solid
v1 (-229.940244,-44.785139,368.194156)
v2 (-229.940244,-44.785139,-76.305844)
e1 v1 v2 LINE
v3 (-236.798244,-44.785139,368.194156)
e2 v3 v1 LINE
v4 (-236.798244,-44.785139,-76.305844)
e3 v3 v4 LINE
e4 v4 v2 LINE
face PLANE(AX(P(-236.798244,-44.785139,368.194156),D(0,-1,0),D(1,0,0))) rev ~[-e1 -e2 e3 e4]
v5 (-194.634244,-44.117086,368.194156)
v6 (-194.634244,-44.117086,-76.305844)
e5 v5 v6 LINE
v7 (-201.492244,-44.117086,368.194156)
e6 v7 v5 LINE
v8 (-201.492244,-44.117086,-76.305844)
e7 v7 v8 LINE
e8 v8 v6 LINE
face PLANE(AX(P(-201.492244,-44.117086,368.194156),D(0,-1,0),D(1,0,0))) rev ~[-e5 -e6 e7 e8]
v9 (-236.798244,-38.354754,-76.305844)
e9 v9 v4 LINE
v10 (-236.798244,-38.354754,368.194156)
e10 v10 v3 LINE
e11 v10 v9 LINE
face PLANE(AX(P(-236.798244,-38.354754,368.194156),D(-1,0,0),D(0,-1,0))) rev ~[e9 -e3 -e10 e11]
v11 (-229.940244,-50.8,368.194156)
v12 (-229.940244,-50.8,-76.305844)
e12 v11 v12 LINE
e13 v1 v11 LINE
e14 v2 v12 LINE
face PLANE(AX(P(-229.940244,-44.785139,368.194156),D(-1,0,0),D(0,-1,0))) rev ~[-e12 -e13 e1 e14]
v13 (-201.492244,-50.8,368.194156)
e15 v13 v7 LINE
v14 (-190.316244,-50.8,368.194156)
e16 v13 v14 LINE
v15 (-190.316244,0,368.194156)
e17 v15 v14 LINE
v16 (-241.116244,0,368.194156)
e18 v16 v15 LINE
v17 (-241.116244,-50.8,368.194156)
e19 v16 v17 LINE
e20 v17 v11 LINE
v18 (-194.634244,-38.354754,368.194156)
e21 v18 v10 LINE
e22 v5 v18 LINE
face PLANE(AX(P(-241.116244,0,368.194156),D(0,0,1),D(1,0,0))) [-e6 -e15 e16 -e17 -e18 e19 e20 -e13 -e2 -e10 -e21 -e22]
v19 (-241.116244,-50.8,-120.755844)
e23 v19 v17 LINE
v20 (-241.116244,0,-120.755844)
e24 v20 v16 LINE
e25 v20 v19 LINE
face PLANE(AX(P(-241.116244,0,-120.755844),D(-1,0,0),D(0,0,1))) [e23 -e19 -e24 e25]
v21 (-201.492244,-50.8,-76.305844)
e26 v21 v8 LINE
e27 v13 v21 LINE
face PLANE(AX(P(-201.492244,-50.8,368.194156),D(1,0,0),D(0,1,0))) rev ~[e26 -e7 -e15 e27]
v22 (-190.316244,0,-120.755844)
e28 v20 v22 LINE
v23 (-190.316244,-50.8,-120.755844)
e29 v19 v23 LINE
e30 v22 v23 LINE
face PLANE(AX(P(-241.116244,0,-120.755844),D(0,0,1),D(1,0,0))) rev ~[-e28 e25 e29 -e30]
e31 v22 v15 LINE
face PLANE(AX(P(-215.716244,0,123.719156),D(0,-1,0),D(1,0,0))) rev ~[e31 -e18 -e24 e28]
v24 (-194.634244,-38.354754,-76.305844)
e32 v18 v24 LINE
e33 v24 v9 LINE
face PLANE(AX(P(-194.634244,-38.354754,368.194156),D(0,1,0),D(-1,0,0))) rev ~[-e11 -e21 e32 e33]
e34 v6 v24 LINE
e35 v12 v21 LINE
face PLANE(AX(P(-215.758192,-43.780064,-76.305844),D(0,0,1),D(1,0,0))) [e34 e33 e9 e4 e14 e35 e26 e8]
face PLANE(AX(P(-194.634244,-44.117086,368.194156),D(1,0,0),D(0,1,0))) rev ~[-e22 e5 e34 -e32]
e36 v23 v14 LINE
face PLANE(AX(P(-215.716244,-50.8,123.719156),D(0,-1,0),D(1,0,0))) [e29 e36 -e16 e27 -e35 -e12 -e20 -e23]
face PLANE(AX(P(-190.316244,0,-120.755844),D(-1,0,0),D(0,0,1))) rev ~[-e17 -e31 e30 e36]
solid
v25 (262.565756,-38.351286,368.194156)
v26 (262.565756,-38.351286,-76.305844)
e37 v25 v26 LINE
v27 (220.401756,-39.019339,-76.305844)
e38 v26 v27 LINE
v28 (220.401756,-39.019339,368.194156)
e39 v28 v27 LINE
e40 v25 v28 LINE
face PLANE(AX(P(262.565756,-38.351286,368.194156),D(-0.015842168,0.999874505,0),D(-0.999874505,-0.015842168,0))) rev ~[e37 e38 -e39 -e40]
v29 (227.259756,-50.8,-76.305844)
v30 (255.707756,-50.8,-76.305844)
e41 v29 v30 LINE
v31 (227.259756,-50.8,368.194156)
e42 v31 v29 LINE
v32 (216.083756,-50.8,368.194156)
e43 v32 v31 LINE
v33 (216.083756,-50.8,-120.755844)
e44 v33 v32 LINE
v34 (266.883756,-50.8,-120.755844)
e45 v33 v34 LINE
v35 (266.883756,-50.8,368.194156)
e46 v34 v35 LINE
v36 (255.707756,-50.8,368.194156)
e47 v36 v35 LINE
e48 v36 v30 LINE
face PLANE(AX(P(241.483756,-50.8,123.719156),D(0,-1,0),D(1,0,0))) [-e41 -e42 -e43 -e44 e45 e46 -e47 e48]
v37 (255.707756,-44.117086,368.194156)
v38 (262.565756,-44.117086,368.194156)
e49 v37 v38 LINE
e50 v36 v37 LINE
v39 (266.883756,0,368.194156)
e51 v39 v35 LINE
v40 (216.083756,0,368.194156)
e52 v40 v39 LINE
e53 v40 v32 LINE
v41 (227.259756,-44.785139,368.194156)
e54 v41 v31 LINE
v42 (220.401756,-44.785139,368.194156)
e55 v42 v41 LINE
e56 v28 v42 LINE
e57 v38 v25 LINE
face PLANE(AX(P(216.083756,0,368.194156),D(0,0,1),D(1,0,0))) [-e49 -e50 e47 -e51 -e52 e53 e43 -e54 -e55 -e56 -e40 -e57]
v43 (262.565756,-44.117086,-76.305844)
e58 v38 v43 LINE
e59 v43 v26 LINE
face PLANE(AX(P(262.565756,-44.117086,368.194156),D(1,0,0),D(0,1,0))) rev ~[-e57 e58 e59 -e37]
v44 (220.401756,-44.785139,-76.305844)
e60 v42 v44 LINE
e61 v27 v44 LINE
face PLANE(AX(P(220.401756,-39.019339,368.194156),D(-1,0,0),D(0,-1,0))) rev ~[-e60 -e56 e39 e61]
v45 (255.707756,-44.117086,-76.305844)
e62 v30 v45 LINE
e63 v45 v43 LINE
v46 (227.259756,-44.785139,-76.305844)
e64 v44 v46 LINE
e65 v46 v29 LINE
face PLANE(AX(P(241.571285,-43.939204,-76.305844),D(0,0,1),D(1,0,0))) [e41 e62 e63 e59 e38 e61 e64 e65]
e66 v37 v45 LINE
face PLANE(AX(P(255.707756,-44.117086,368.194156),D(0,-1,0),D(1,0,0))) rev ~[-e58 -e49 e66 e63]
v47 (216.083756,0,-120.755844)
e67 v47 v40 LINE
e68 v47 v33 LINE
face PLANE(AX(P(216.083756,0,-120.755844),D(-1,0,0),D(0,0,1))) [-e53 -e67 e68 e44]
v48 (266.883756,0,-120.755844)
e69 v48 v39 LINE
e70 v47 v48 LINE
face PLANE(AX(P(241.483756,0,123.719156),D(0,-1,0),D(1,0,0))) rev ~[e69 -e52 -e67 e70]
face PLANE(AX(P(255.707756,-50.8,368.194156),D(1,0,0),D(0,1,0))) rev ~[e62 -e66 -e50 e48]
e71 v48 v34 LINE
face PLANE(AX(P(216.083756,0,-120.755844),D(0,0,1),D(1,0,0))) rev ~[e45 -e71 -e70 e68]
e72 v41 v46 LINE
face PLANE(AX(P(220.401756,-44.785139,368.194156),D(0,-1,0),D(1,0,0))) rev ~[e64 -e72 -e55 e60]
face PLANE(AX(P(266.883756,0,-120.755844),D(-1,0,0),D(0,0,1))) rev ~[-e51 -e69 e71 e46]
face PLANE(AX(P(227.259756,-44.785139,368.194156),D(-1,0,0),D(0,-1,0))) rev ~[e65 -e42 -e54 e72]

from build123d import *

# Parameters (mm, degrees)
F0_W     = 50.8
F0_H     = 488.95
F1_DEPTH = 50.8
F3_DEPTH = 444.5
F4_DEPTH = 444.5


with BuildPart() as f1:
    # F0 (on Front) → F1 (new body)
    with BuildSketch(Plane.XZ):
        with Locations((-215.716244, 123.719156)):
            Rectangle(F0_W, F0_H)
        with Locations((241.483756, 123.719156)):
            Rectangle(F0_W, F0_H)
    extrude(amount=F1_DEPTH)

    # F2 (on face) → F3 (cut)
    with BuildSketch(Plane.XY.offset(368.194156)):
        Polygon((-229.940244, -44.785139), (-229.940244, -50.8), (-201.492244, -50.8), (-201.492244, -44.117086), (-194.634244, -44.117086), (-194.634244, -38.354754), (-236.798244, -38.354754), (-236.798244, -44.785139), align=None)
    extrude(amount=-F3_DEPTH, mode=Mode.SUBTRACT)

    # F2 (on face) → F4 (cut)
    with BuildSketch(Plane.XY.offset(368.194156)):
        Polygon((227.259756, -44.785139), (227.259756, -50.8), (255.707756, -50.8), (255.707756, -44.117086), (262.565756, -44.117086), (262.565756, -38.351286), (220.401756, -39.019339), (220.401756, -44.785139), align=None)
    extrude(amount=-F4_DEPTH, mode=Mode.SUBTRACT)


solid = f1.part
